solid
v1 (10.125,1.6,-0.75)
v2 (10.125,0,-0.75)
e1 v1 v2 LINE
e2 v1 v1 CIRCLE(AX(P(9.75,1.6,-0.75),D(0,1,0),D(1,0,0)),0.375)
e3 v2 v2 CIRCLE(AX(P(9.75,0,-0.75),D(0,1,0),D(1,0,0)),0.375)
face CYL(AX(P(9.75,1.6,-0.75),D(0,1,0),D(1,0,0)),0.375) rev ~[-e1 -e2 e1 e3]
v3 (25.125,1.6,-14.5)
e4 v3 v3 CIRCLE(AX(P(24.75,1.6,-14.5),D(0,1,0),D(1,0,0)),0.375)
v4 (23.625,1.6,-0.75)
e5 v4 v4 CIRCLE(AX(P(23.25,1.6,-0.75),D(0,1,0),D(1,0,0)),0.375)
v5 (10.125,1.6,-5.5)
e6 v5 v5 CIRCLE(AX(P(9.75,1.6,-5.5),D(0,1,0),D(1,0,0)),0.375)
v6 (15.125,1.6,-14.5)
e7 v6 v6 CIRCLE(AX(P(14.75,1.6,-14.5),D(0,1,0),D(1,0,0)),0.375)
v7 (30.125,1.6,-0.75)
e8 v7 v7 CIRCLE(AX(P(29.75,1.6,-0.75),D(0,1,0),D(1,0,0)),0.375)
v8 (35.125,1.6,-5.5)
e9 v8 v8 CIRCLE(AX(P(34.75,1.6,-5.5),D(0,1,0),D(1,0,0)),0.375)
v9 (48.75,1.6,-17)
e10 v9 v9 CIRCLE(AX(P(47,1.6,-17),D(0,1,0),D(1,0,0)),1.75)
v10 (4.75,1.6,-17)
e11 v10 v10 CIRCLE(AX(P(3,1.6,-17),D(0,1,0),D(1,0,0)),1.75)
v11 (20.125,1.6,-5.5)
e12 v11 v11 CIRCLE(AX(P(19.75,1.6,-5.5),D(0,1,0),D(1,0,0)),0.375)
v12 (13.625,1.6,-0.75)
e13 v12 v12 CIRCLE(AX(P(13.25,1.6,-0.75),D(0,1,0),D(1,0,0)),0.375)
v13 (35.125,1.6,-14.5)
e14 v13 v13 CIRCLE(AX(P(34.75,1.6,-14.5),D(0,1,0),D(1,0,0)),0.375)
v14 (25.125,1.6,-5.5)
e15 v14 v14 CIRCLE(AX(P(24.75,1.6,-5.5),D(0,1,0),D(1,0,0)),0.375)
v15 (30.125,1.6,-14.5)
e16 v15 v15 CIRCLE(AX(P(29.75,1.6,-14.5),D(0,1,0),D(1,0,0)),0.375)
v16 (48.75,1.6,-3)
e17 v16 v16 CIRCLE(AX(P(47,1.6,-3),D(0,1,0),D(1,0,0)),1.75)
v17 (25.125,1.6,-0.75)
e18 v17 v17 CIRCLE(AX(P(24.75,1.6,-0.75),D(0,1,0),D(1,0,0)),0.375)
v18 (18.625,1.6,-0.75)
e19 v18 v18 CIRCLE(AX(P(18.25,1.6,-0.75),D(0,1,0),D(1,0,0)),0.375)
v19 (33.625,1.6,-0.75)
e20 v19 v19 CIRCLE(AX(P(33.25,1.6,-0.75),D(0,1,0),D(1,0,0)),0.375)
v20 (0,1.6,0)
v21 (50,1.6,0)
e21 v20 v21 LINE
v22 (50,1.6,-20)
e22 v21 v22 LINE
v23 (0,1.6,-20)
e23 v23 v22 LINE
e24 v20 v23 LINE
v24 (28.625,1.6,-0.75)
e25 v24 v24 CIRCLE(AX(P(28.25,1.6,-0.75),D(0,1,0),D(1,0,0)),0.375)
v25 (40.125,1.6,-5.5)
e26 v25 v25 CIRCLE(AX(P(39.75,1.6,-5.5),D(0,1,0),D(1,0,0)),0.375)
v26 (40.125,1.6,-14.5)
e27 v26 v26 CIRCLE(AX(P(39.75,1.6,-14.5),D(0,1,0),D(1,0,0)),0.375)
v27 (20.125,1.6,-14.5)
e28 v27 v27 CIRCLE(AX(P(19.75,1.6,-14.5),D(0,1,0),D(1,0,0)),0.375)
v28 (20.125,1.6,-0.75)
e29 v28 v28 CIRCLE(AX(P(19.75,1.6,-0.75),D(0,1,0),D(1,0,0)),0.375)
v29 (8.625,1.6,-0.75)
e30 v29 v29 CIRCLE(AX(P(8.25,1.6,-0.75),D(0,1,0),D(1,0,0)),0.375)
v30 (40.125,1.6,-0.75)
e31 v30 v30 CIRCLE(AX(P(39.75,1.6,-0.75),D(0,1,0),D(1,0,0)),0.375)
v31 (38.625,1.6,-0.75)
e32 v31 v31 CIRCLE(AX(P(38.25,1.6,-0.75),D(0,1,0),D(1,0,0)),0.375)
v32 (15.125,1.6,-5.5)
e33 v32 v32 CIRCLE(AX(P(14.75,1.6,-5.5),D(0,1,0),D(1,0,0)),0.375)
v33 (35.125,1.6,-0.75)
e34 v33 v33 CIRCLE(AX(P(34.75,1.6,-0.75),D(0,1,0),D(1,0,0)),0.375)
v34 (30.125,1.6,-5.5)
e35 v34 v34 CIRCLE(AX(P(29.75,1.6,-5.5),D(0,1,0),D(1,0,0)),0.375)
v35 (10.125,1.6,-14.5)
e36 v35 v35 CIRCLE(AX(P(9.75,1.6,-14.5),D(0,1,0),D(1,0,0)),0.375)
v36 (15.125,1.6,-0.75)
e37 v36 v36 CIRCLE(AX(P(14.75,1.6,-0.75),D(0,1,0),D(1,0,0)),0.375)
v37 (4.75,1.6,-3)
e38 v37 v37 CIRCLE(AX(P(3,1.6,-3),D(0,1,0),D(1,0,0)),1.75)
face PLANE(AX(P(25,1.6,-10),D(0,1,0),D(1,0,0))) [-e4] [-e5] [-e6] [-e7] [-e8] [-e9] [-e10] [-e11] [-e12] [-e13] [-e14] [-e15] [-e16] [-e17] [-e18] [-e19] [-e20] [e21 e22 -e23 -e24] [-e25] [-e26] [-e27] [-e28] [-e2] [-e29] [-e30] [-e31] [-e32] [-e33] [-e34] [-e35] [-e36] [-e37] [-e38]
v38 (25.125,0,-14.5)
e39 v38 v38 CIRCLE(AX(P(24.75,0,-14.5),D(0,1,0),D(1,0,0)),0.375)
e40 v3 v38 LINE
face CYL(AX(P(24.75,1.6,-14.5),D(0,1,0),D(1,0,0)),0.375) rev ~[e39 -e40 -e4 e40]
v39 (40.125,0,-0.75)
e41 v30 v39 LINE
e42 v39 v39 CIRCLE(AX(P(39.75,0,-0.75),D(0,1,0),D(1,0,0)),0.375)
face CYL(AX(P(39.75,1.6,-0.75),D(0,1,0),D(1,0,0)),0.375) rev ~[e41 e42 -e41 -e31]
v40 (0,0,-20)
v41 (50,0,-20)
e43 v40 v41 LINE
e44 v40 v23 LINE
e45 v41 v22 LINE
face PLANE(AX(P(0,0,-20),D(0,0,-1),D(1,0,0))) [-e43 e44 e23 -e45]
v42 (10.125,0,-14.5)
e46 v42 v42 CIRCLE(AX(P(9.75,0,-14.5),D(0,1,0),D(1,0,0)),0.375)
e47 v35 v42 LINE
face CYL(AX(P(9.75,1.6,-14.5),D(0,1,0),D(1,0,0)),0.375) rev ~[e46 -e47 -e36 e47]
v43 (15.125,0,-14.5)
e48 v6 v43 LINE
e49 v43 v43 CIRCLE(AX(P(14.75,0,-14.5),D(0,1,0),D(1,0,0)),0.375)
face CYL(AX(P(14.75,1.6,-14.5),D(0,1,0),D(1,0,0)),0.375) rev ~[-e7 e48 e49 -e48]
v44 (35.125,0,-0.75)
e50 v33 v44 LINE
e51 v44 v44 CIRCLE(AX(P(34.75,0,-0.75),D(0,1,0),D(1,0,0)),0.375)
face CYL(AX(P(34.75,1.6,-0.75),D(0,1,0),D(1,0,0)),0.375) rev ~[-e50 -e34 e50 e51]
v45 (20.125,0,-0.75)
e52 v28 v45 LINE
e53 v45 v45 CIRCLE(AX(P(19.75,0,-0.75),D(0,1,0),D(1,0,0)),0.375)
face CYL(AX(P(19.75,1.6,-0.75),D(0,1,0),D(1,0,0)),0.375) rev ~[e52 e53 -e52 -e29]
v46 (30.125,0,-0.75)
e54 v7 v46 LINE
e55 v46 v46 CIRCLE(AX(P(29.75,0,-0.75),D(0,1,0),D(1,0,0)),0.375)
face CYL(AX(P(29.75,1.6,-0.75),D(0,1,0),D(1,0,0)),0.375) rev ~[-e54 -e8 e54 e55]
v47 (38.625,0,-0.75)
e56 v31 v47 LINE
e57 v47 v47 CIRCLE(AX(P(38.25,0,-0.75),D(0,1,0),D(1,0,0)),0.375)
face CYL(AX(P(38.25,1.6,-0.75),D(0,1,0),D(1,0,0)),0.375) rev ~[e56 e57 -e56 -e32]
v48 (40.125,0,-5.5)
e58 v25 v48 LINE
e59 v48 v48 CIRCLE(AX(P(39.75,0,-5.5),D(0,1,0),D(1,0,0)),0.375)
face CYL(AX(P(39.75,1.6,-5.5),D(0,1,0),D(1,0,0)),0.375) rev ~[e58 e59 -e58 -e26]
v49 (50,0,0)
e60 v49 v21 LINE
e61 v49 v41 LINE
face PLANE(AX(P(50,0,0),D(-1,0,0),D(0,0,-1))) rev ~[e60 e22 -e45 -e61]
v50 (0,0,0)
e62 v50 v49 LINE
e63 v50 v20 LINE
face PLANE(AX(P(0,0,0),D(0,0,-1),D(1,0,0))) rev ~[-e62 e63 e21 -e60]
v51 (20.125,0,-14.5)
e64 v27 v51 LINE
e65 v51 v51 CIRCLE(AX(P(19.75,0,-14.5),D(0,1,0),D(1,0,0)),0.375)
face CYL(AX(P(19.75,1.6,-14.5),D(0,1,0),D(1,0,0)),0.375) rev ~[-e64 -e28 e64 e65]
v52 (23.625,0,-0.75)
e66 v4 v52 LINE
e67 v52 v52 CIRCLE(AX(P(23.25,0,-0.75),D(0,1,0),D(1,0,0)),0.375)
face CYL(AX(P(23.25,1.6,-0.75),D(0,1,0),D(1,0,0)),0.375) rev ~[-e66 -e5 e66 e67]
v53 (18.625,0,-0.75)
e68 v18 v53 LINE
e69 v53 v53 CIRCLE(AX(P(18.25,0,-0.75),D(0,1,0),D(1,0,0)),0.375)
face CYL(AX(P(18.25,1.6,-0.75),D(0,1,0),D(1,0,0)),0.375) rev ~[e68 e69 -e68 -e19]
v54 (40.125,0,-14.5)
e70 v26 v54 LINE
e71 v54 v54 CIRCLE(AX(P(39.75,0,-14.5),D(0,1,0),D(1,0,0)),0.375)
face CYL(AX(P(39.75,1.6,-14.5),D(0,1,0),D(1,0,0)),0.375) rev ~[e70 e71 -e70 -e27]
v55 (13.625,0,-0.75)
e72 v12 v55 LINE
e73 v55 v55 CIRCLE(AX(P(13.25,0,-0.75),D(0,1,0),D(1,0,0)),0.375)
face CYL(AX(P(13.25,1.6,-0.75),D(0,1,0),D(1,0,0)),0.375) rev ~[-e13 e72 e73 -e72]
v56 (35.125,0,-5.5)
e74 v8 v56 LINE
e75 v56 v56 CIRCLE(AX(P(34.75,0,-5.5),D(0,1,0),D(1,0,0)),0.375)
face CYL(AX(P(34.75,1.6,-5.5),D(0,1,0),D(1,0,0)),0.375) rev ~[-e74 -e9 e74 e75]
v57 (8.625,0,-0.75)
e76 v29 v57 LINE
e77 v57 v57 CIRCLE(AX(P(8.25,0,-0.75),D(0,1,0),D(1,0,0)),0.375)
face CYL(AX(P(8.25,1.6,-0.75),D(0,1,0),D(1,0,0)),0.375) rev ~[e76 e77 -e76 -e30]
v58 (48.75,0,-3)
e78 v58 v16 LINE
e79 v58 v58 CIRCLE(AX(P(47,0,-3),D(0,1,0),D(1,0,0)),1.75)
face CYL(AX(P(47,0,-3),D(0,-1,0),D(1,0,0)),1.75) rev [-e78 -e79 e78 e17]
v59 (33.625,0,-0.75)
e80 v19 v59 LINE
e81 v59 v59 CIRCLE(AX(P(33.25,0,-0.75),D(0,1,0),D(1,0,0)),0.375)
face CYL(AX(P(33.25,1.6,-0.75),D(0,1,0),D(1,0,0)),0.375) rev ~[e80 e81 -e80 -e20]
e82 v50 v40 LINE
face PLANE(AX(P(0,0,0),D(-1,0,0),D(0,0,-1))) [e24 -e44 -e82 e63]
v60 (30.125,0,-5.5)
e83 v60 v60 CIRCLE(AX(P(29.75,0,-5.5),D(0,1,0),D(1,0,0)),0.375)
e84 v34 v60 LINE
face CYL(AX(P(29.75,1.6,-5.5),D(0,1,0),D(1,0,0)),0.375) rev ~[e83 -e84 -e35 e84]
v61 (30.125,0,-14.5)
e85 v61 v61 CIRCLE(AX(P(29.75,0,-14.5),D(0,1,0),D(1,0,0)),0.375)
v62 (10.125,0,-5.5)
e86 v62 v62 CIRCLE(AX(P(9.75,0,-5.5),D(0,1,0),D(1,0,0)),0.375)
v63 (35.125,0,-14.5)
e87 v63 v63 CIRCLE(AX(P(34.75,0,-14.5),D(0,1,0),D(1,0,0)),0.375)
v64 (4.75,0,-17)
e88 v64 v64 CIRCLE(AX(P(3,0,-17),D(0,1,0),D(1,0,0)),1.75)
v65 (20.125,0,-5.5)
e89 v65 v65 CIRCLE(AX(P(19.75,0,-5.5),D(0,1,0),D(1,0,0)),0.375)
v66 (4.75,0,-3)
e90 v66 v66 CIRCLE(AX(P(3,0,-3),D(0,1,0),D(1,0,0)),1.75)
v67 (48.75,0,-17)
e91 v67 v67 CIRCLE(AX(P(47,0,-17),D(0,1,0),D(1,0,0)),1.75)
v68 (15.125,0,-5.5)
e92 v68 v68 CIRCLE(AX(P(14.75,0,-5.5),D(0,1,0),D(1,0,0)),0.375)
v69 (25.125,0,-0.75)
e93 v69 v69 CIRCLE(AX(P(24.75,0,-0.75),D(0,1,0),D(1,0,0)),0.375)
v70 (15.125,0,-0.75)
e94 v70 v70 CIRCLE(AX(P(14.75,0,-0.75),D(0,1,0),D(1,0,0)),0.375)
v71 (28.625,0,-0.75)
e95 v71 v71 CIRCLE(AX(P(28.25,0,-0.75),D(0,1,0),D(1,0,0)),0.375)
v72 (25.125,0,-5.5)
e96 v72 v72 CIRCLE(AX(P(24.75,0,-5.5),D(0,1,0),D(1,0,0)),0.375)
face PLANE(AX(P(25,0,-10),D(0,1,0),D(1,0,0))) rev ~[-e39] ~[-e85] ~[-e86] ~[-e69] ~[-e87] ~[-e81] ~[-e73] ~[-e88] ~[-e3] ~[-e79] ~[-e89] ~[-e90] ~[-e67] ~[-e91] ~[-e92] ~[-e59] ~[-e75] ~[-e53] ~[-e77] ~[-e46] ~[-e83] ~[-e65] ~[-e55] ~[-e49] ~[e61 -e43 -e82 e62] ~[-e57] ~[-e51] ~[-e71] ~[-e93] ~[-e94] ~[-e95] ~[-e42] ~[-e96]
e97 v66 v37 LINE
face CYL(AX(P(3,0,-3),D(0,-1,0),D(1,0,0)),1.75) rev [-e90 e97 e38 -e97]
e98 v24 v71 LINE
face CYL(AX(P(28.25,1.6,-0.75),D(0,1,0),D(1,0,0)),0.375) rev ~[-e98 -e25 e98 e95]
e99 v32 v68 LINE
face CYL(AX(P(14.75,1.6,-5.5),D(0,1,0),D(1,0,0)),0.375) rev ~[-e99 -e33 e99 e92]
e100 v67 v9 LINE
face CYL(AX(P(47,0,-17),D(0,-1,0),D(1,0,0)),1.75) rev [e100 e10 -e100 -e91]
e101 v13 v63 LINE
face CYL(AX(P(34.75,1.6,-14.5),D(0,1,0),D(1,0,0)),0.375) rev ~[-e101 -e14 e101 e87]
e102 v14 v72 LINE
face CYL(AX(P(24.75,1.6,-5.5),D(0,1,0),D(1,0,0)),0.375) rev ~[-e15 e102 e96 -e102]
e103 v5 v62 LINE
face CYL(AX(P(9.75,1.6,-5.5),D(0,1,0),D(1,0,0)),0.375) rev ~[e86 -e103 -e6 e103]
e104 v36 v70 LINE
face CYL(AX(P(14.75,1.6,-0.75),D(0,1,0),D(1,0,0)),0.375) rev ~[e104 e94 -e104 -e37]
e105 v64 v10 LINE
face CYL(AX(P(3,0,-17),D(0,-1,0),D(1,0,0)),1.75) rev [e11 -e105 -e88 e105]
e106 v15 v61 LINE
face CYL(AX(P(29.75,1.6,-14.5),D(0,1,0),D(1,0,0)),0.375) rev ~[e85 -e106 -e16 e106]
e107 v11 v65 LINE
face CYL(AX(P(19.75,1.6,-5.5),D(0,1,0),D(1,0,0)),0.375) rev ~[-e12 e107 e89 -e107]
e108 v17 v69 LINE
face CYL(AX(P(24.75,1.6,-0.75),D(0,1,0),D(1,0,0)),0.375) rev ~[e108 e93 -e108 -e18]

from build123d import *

# Parameters (mm, degrees)
SKETCH1_W           = 50
SKETCH1_H           = 20
SKETCH1_R           = 1.75
BOSS_EXTRUDE1_DEPTH = 1.6
SKETCH3_R           = 0.375
CUT_EXTRUDE1_DEPTH  = 2.6


with BuildPart() as part:
    # Sketch1 → Boss-Extrude1 (new body)
    with BuildSketch(Plane(origin=(0, 0, 0), x_dir=(1, 0, 0), z_dir=(0, 1, 0))):
        with Locations((25, 10)):
            Rectangle(SKETCH1_W, SKETCH1_H)
        with Locations((3, 17)):
            Circle(SKETCH1_R, mode=Mode.SUBTRACT)
        with Locations((47, 3)):
            Circle(SKETCH1_R, mode=Mode.SUBTRACT)
        with Locations((3, 3)):
            Circle(SKETCH1_R, mode=Mode.SUBTRACT)
        with Locations((47, 17)):
            Circle(SKETCH1_R, mode=Mode.SUBTRACT)
    extrude(amount=BOSS_EXTRUDE1_DEPTH)

    # Sketch3 → Cut-Extrude1 (cut, through all)
    with BuildSketch(Plane(origin=(0, 1.6, 0), x_dir=(1, 0, 0), z_dir=(0, 1, 0))):
        with Locations((8.25, 0.75)):
            Circle(SKETCH3_R)
        with Locations((9.75, 0.75)):
            Circle(SKETCH3_R)
        with Locations((9.75, 5.5)):
            Circle(SKETCH3_R)
        with Locations((9.75, 14.5)):
            Circle(SKETCH3_R)
        with Locations((13.25, 0.75)):
            Circle(SKETCH3_R)
        with Locations((14.75, 0.75)):
            Circle(SKETCH3_R)
        with Locations((14.75, 14.5)):
            Circle(SKETCH3_R)
        with Locations((14.75, 5.5)):
            Circle(SKETCH3_R)
        with Locations((18.25, 0.75)):
            Circle(SKETCH3_R)
        with Locations((19.75, 0.75)):
            Circle(SKETCH3_R)
        with Locations((19.75, 14.5)):
            Circle(SKETCH3_R)
        with Locations((19.75, 5.5)):
            Circle(SKETCH3_R)
        with Locations((23.25, 0.75)):
            Circle(SKETCH3_R)
        with Locations((24.75, 0.75)):
            Circle(SKETCH3_R)
        with Locations((24.75, 14.5)):
            Circle(SKETCH3_R)
        with Locations((24.75, 5.5)):
            Circle(SKETCH3_R)
        with Locations((28.25, 0.75)):
            Circle(SKETCH3_R)
        with Locations((29.75, 0.75)):
            Circle(SKETCH3_R)
        with Locations((29.75, 14.5)):
            Circle(SKETCH3_R)
        with Locations((29.75, 5.5)):
            Circle(SKETCH3_R)
        with Locations((33.25, 0.75)):
            Circle(SKETCH3_R)
        with Locations((34.75, 0.75)):
            Circle(SKETCH3_R)
        with Locations((34.75, 14.5)):
            Circle(SKETCH3_R)
        with Locations((34.75, 5.5)):
            Circle(SKETCH3_R)
        with Locations((38.25, 0.75)):
            Circle(SKETCH3_R)
        with Locations((39.75, 0.75)):
            Circle(SKETCH3_R)
        with Locations((39.75, 14.5)):
            Circle(SKETCH3_R)
        with Locations((39.75, 5.5)):
            Circle(SKETCH3_R)
    extrude(amount=-CUT_EXTRUDE1_DEPTH, mode=Mode.SUBTRACT)


solid = part.part
